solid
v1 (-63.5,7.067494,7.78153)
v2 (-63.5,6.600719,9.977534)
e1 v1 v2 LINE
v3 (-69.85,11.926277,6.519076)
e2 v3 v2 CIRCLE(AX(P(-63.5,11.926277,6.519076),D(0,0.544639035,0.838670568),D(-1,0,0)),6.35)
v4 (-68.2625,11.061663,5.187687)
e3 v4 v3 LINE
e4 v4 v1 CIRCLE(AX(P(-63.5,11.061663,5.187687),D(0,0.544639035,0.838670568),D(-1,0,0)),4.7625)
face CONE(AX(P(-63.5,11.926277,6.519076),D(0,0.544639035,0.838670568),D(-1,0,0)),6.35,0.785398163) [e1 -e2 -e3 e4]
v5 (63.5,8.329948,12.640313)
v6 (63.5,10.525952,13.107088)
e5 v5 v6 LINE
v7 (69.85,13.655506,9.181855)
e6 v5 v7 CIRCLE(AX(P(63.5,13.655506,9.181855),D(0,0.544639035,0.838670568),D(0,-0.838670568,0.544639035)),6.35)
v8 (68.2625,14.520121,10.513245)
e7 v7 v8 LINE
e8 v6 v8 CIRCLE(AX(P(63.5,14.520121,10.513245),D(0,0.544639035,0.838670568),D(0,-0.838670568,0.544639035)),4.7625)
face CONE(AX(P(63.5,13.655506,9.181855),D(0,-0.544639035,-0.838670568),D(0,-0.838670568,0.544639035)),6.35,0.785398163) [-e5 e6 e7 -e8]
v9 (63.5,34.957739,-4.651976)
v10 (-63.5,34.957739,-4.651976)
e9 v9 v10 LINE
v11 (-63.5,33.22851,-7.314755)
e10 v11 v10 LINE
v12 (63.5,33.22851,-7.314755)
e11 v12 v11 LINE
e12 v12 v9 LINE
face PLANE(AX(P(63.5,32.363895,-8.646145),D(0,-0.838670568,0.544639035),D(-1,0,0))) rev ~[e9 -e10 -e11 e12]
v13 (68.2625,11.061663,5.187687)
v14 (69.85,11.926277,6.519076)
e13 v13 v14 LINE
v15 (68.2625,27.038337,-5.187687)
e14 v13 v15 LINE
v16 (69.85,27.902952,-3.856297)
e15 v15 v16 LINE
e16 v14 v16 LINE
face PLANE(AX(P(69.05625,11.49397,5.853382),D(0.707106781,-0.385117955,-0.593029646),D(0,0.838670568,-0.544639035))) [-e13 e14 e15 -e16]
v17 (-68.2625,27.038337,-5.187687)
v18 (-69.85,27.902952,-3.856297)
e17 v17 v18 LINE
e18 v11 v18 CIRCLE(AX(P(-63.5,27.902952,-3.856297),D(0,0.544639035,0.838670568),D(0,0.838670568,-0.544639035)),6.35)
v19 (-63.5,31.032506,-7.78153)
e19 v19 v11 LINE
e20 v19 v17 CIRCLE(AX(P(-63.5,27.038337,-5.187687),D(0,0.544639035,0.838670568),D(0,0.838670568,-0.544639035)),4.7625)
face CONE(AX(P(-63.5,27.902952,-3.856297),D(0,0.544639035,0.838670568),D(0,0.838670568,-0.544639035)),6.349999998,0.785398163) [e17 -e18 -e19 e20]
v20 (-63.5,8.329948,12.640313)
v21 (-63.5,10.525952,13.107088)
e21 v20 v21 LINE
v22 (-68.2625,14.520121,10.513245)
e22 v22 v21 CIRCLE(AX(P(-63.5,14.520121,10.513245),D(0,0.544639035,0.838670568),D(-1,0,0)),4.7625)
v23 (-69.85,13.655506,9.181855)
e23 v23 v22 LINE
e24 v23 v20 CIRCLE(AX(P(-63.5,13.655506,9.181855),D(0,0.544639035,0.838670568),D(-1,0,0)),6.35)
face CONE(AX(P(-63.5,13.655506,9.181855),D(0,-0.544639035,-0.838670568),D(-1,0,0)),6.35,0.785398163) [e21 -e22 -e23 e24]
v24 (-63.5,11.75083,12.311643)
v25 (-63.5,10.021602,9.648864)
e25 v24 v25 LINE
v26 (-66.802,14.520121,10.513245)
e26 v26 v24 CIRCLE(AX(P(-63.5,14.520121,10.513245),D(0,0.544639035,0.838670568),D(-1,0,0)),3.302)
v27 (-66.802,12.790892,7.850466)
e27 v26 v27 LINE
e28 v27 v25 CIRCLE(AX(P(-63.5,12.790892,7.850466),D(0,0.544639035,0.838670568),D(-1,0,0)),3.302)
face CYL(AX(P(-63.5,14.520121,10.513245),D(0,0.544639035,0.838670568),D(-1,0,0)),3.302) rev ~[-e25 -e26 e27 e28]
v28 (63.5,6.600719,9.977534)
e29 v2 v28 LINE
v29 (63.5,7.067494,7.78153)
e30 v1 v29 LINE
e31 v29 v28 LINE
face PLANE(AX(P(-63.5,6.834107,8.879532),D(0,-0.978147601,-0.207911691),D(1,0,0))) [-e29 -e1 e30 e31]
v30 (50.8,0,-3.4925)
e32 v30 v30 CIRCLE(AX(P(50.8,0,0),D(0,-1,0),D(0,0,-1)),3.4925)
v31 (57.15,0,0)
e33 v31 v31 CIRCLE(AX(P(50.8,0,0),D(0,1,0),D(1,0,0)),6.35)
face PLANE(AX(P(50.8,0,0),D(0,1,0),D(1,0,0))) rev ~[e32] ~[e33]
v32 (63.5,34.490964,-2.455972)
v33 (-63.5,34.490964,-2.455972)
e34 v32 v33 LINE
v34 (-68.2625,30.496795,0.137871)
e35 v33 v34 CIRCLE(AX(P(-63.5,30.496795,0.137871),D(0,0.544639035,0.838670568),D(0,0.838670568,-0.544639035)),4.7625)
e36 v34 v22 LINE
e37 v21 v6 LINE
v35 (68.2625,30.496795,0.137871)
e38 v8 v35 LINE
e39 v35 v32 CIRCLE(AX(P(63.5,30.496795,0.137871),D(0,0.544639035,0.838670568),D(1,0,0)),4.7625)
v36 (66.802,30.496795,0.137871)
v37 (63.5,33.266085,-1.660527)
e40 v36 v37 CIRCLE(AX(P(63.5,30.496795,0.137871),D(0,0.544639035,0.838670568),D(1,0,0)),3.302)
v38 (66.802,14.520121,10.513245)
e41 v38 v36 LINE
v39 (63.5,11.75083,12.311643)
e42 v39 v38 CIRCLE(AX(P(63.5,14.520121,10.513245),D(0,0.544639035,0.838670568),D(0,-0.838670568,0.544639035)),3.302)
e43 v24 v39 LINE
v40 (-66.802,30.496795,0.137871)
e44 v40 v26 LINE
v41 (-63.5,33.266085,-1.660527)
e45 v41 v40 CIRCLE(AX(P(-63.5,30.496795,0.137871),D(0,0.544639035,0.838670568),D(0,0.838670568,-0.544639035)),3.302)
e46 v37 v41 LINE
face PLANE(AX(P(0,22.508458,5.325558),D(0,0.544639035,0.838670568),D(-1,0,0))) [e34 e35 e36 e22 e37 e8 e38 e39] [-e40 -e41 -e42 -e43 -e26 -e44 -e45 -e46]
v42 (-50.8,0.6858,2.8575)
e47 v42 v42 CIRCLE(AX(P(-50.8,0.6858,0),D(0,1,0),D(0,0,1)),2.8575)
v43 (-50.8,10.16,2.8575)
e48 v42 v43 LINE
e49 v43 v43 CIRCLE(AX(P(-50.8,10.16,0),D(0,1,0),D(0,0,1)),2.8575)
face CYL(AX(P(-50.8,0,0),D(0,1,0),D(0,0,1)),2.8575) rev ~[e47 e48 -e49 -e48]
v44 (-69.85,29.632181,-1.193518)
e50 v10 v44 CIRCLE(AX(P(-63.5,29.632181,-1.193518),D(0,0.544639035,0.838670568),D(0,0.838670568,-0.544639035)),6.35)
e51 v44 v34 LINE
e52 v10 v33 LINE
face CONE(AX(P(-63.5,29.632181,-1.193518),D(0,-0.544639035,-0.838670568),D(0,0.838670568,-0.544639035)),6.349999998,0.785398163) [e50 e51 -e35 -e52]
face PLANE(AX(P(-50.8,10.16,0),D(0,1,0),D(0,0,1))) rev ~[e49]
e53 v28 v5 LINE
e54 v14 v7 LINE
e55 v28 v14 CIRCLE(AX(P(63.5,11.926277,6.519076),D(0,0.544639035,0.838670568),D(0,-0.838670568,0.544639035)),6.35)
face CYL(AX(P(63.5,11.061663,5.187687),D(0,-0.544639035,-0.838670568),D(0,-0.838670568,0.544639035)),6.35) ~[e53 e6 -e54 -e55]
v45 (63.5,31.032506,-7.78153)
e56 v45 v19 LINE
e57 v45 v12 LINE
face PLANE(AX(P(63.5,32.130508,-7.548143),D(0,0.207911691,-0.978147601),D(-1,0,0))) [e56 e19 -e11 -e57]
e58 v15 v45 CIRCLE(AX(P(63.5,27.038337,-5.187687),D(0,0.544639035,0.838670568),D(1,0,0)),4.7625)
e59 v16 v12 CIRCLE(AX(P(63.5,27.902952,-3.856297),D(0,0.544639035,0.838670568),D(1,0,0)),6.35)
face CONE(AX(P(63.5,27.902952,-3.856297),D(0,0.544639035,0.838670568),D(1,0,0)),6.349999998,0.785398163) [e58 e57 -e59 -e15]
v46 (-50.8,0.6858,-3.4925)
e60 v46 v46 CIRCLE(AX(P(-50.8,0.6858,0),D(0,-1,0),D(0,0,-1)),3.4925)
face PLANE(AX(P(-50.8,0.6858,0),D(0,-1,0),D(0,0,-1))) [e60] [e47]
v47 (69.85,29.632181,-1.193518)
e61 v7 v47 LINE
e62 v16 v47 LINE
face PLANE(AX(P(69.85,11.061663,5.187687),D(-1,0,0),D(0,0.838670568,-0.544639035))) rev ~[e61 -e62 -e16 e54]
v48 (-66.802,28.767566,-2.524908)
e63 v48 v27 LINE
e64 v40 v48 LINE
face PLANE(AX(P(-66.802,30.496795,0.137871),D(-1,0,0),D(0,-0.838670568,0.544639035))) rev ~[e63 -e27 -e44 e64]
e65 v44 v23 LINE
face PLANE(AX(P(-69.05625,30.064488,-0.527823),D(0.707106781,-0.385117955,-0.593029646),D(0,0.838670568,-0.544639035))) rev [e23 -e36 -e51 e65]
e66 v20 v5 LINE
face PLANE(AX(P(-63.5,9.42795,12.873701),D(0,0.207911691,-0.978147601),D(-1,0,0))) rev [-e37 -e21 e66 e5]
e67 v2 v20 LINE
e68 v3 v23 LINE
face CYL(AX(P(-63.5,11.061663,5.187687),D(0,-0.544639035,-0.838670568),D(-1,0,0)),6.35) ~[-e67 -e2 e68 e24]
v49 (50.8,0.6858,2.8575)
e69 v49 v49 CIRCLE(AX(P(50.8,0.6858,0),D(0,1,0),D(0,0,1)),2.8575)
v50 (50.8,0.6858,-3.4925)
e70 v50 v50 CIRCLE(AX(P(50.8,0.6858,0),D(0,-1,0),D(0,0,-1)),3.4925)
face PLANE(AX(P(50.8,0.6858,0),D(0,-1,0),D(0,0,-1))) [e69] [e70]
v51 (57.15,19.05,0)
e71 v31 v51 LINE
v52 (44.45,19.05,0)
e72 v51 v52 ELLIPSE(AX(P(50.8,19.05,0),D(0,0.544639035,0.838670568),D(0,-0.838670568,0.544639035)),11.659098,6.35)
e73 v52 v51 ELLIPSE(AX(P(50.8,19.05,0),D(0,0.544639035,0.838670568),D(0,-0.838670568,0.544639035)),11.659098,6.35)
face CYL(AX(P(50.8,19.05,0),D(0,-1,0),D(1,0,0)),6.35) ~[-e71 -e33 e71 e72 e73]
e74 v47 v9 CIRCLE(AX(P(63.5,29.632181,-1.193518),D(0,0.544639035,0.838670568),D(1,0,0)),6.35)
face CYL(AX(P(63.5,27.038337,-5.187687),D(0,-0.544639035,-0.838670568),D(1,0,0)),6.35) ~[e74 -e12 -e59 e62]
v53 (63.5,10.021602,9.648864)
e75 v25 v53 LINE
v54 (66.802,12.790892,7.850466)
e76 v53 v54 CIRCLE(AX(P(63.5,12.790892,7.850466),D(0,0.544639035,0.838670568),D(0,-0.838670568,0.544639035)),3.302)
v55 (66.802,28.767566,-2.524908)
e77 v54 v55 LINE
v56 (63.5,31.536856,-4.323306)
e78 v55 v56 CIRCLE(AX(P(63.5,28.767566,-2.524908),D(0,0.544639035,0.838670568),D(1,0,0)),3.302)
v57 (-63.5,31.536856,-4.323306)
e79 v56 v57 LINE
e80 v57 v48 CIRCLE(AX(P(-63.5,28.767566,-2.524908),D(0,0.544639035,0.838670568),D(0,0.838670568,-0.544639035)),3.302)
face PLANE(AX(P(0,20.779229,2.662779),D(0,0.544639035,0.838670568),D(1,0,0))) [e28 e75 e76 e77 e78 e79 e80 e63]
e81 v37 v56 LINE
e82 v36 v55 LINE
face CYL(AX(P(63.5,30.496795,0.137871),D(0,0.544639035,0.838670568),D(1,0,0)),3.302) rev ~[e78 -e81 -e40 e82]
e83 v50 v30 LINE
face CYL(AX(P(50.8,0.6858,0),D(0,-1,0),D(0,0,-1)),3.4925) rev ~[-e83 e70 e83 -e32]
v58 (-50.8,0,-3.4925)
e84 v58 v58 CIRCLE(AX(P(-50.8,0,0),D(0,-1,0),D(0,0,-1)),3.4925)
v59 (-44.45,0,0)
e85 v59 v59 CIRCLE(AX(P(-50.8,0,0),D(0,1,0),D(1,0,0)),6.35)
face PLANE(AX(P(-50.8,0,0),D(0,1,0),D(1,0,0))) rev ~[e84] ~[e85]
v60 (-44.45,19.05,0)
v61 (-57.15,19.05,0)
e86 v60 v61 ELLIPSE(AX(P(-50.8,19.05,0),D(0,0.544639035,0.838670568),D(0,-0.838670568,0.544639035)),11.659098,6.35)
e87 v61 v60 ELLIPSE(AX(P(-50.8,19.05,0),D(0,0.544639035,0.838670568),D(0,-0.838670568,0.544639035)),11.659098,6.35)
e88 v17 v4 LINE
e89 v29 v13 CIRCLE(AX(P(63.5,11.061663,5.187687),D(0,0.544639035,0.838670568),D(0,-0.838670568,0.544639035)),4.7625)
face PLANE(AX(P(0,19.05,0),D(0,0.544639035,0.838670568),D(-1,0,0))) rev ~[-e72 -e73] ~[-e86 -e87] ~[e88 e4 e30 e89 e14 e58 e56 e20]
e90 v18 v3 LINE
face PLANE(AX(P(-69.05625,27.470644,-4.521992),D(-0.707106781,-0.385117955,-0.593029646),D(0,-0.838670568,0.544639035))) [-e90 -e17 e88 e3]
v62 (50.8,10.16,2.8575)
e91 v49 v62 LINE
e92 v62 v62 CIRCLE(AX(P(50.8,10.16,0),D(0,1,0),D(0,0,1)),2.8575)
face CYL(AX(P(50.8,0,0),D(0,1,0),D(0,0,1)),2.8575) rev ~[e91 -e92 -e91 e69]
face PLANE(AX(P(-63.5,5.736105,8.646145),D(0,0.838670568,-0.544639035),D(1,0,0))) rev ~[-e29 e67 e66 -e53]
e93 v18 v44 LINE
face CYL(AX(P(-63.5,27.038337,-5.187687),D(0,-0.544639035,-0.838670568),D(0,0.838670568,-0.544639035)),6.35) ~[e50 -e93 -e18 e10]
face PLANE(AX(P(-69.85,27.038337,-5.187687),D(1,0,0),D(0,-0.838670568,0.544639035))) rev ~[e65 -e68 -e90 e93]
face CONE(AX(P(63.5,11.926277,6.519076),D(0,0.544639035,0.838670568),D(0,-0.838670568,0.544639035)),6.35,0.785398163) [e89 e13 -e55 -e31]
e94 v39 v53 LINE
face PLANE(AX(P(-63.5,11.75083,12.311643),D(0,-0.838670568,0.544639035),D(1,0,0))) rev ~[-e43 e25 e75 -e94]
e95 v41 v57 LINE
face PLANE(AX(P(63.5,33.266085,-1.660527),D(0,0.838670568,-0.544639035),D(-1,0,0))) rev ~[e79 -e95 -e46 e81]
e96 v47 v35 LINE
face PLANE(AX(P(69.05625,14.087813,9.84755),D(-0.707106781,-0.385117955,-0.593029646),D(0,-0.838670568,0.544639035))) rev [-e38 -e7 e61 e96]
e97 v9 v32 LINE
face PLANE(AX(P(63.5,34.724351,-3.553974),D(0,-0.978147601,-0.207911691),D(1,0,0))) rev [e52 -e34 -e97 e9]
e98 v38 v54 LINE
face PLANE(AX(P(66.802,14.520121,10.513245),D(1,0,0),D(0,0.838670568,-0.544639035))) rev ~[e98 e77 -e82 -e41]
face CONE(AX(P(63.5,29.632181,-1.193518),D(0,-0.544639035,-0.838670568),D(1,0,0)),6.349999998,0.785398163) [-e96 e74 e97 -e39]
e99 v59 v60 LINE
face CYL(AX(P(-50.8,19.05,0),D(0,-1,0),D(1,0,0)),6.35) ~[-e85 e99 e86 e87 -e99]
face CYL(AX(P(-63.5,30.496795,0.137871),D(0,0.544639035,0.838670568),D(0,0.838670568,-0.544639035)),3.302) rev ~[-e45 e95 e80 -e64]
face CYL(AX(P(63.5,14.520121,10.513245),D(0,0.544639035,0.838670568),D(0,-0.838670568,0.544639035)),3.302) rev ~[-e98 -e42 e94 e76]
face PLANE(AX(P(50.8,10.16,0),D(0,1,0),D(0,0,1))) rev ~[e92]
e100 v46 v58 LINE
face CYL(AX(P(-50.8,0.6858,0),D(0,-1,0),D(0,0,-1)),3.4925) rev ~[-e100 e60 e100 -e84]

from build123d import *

# Parameters (mm, degrees)
SKETCH2_R             = 6.35
BOSS_EXTRUDE1_DEPTH   = 19.05
BOSS_EXTRUDE1_2_DEPTH = 19.05
BOSS_EXTRUDE2_DEPTH   = 6.35
BOSS_EXTRUDE3_REACH   = 75.737
CUT_EXTRUDE1_DEPTH    = 3.175
CHAMFER2_SIZE         = 1.5875
HOLE1_D               = 5.715
HOLE1_DEPTH           = 10.16
HOLE1_CBORE_D         = 6.985
HOLE1_CBORE_DEPTH     = 0.6858


with BuildPart() as part:
    # Sketch2 → Boss-Extrude1 (new body)
    with BuildSketch(Plane(origin=(0, 0, 0), x_dir=(1, 0, 0), z_dir=(0, 1, 0))):
        with Locations((-50.8, 0)):
            Circle(SKETCH2_R)
    extrude(amount=BOSS_EXTRUDE1_DEPTH)



with BuildPart() as body_2:
    # Sketch2 → Boss-Extrude1 2 (new body)
    with BuildSketch(Plane(origin=(0, 0, 0), x_dir=(1, 0, 0), z_dir=(0, 1, 0))):
        with Locations((50.8, 0)):
            Circle(SKETCH2_R)
    extrude(amount=BOSS_EXTRUDE1_2_DEPTH)


with BuildPart() as part_1:
    add(part.part)

    add(body_2.part)  # Boss-Extrude2 merges body 2
    # Sketch3 → Boss-Extrude2 (add)
    with BuildSketch(Plane(origin=(0, 5.650833475, 8.701520484), x_dir=(-1, 0, 0), z_dir=(0, 0.5446390350150281, 0.8386705679454234))):
        with BuildLine():
            ThreePointArc((-69.85, -25.501674319), (-67.990128061, -29.99180238), (-63.5, -31.851674319))
            Line((-63.5, -31.851674319), (63.5, -31.851674319))
            ThreePointArc((63.5, -31.851674319), (67.990128061, -29.99180238), (69.85, -25.501674319))
            Line((69.85, -25.501674319), (69.85, -6.451674319))
            ThreePointArc((69.85, -6.451674319), (67.990128061, -1.961546259), (63.5, -0.101674319))
            Line((63.5, -0.101674319), (-63.5, -0.101674319))
            ThreePointArc((-63.5, -0.101674319), (-67.990128061, -1.961546259), (-69.85, -6.451674319))
            Line((-69.85, -6.451674319), (-69.85, -25.501674319))
        make_face()
    extrude(amount=BOSS_EXTRUDE2_DEPTH)

    # Sketch8 → Boss-Extrude3 (add, up to next)
    with BuildSketch(Plane(origin=(0, 19.05, 0), x_dir=(1, 0, 0), z_dir=(0, 1, 0)), mode=Mode.PRIVATE) as boss_extrude3_sk1:
        with BuildLine():
            ThreePointArc((57.15, 0), (50.8, 6.35), (44.45, 0))
            Line((44.45, 0), (57.15, 0))
        make_face()
    boss_extrude3_tool1 = extrude(boss_extrude3_sk1.sketch, amount=BOSS_EXTRUDE3_REACH, mode=Mode.PRIVATE) - part_1.part
    # Sketch8 → Boss-Extrude3 (add, up to next)
    with BuildSketch(Plane(origin=(0, 19.05, 0), x_dir=(1, 0, 0), z_dir=(0, 1, 0)), mode=Mode.PRIVATE) as boss_extrude3_sk2:
        with BuildLine():
            ThreePointArc((-44.45, 0), (-50.8, 6.35), (-57.15, 0))
            Line((-57.15, 0), (-44.45, 0))
        make_face()
    boss_extrude3_tool2 = extrude(boss_extrude3_sk2.sketch, amount=BOSS_EXTRUDE3_REACH, mode=Mode.PRIVATE) - part_1.part
    add(boss_extrude3_tool1.solids().sort_by_distance((50.8, 19.05, -2.695024))[0])
    add(boss_extrude3_tool2.solids().sort_by_distance((-50.8, 19.05, -2.695024))[0])

    # Sketch9 → Cut-Extrude1 (cut)
    with BuildSketch(Plane(origin=(0, 9.109291347, 14.02707859), x_dir=(1, 0, 0), z_dir=(0, 0.5446390350150282, 0.8386705679454234))):
        with BuildLine():
            Line((63.5, 28.803674319), (-63.5, 28.803674319))
            ThreePointArc((-63.5, 28.803674319), (-65.834866591, 27.836540911), (-66.802, 25.501674319))
            Line((-66.802, 25.501674319), (-66.802, 6.451674319))
            ThreePointArc((-66.802, 6.451674319), (-65.834866591, 4.116807728), (-63.5, 3.149674319))
            Line((-63.5, 3.149674319), (63.5, 3.149674319))
            ThreePointArc((63.5, 3.149674319), (65.834866591, 4.116807728), (66.802, 6.451674319))
            Line((66.802, 6.451674319), (66.802, 25.501674319))
            ThreePointArc((66.802, 25.501674319), (65.834866591, 27.836540911), (63.5, 28.803674319))
        make_face()
    extrude(amount=-CUT_EXTRUDE1_DEPTH, mode=Mode.SUBTRACT)

    # Chamfer2
    chamfer2_edges = [part_1.edges().sort_by_distance(p)[0] for p in [
        (-69.85, 19.05, 0),
        (0, 32.363895266, -8.646144681),
        (69.85, 19.05, 0),
        (0, 5.736104734, 8.646144681),
        (0, 9.194562606, 13.971702787),
        (-69.85, 22.508457872, 5.325558106),
        (69.85, 22.508457872, 5.325558106),
        (0, 35.822353138, -3.320586574),
        (67.990128061, 30.80407541, -7.633185823),
        (-67.990128061, 30.80407541, -7.633185823),
        (67.990128061, 7.29592459, 7.633185823),
        (-67.990128061, 7.29592459, 7.633185823),
        (67.990128061, 10.754382462, 12.958743929),
        (-67.990128061, 10.754382462, 12.958743929),
        (67.990128061, 34.262533283, -2.307627716),
        (-67.990128061, 34.262533283, -2.307627716),
    ]]
    chamfer(chamfer2_edges, length=CHAMFER2_SIZE)

    # Hole1
    with Locations(Plane(origin=(-50.8, 0, 0), x_dir=(0, 0, -1), z_dir=(0, -1, 0))):
        with Locations((0, 0), (0, 101.6)):
            CounterBoreHole(HOLE1_D / 2, HOLE1_CBORE_D / 2, HOLE1_CBORE_DEPTH, depth=HOLE1_DEPTH)


solid = part_1.part
